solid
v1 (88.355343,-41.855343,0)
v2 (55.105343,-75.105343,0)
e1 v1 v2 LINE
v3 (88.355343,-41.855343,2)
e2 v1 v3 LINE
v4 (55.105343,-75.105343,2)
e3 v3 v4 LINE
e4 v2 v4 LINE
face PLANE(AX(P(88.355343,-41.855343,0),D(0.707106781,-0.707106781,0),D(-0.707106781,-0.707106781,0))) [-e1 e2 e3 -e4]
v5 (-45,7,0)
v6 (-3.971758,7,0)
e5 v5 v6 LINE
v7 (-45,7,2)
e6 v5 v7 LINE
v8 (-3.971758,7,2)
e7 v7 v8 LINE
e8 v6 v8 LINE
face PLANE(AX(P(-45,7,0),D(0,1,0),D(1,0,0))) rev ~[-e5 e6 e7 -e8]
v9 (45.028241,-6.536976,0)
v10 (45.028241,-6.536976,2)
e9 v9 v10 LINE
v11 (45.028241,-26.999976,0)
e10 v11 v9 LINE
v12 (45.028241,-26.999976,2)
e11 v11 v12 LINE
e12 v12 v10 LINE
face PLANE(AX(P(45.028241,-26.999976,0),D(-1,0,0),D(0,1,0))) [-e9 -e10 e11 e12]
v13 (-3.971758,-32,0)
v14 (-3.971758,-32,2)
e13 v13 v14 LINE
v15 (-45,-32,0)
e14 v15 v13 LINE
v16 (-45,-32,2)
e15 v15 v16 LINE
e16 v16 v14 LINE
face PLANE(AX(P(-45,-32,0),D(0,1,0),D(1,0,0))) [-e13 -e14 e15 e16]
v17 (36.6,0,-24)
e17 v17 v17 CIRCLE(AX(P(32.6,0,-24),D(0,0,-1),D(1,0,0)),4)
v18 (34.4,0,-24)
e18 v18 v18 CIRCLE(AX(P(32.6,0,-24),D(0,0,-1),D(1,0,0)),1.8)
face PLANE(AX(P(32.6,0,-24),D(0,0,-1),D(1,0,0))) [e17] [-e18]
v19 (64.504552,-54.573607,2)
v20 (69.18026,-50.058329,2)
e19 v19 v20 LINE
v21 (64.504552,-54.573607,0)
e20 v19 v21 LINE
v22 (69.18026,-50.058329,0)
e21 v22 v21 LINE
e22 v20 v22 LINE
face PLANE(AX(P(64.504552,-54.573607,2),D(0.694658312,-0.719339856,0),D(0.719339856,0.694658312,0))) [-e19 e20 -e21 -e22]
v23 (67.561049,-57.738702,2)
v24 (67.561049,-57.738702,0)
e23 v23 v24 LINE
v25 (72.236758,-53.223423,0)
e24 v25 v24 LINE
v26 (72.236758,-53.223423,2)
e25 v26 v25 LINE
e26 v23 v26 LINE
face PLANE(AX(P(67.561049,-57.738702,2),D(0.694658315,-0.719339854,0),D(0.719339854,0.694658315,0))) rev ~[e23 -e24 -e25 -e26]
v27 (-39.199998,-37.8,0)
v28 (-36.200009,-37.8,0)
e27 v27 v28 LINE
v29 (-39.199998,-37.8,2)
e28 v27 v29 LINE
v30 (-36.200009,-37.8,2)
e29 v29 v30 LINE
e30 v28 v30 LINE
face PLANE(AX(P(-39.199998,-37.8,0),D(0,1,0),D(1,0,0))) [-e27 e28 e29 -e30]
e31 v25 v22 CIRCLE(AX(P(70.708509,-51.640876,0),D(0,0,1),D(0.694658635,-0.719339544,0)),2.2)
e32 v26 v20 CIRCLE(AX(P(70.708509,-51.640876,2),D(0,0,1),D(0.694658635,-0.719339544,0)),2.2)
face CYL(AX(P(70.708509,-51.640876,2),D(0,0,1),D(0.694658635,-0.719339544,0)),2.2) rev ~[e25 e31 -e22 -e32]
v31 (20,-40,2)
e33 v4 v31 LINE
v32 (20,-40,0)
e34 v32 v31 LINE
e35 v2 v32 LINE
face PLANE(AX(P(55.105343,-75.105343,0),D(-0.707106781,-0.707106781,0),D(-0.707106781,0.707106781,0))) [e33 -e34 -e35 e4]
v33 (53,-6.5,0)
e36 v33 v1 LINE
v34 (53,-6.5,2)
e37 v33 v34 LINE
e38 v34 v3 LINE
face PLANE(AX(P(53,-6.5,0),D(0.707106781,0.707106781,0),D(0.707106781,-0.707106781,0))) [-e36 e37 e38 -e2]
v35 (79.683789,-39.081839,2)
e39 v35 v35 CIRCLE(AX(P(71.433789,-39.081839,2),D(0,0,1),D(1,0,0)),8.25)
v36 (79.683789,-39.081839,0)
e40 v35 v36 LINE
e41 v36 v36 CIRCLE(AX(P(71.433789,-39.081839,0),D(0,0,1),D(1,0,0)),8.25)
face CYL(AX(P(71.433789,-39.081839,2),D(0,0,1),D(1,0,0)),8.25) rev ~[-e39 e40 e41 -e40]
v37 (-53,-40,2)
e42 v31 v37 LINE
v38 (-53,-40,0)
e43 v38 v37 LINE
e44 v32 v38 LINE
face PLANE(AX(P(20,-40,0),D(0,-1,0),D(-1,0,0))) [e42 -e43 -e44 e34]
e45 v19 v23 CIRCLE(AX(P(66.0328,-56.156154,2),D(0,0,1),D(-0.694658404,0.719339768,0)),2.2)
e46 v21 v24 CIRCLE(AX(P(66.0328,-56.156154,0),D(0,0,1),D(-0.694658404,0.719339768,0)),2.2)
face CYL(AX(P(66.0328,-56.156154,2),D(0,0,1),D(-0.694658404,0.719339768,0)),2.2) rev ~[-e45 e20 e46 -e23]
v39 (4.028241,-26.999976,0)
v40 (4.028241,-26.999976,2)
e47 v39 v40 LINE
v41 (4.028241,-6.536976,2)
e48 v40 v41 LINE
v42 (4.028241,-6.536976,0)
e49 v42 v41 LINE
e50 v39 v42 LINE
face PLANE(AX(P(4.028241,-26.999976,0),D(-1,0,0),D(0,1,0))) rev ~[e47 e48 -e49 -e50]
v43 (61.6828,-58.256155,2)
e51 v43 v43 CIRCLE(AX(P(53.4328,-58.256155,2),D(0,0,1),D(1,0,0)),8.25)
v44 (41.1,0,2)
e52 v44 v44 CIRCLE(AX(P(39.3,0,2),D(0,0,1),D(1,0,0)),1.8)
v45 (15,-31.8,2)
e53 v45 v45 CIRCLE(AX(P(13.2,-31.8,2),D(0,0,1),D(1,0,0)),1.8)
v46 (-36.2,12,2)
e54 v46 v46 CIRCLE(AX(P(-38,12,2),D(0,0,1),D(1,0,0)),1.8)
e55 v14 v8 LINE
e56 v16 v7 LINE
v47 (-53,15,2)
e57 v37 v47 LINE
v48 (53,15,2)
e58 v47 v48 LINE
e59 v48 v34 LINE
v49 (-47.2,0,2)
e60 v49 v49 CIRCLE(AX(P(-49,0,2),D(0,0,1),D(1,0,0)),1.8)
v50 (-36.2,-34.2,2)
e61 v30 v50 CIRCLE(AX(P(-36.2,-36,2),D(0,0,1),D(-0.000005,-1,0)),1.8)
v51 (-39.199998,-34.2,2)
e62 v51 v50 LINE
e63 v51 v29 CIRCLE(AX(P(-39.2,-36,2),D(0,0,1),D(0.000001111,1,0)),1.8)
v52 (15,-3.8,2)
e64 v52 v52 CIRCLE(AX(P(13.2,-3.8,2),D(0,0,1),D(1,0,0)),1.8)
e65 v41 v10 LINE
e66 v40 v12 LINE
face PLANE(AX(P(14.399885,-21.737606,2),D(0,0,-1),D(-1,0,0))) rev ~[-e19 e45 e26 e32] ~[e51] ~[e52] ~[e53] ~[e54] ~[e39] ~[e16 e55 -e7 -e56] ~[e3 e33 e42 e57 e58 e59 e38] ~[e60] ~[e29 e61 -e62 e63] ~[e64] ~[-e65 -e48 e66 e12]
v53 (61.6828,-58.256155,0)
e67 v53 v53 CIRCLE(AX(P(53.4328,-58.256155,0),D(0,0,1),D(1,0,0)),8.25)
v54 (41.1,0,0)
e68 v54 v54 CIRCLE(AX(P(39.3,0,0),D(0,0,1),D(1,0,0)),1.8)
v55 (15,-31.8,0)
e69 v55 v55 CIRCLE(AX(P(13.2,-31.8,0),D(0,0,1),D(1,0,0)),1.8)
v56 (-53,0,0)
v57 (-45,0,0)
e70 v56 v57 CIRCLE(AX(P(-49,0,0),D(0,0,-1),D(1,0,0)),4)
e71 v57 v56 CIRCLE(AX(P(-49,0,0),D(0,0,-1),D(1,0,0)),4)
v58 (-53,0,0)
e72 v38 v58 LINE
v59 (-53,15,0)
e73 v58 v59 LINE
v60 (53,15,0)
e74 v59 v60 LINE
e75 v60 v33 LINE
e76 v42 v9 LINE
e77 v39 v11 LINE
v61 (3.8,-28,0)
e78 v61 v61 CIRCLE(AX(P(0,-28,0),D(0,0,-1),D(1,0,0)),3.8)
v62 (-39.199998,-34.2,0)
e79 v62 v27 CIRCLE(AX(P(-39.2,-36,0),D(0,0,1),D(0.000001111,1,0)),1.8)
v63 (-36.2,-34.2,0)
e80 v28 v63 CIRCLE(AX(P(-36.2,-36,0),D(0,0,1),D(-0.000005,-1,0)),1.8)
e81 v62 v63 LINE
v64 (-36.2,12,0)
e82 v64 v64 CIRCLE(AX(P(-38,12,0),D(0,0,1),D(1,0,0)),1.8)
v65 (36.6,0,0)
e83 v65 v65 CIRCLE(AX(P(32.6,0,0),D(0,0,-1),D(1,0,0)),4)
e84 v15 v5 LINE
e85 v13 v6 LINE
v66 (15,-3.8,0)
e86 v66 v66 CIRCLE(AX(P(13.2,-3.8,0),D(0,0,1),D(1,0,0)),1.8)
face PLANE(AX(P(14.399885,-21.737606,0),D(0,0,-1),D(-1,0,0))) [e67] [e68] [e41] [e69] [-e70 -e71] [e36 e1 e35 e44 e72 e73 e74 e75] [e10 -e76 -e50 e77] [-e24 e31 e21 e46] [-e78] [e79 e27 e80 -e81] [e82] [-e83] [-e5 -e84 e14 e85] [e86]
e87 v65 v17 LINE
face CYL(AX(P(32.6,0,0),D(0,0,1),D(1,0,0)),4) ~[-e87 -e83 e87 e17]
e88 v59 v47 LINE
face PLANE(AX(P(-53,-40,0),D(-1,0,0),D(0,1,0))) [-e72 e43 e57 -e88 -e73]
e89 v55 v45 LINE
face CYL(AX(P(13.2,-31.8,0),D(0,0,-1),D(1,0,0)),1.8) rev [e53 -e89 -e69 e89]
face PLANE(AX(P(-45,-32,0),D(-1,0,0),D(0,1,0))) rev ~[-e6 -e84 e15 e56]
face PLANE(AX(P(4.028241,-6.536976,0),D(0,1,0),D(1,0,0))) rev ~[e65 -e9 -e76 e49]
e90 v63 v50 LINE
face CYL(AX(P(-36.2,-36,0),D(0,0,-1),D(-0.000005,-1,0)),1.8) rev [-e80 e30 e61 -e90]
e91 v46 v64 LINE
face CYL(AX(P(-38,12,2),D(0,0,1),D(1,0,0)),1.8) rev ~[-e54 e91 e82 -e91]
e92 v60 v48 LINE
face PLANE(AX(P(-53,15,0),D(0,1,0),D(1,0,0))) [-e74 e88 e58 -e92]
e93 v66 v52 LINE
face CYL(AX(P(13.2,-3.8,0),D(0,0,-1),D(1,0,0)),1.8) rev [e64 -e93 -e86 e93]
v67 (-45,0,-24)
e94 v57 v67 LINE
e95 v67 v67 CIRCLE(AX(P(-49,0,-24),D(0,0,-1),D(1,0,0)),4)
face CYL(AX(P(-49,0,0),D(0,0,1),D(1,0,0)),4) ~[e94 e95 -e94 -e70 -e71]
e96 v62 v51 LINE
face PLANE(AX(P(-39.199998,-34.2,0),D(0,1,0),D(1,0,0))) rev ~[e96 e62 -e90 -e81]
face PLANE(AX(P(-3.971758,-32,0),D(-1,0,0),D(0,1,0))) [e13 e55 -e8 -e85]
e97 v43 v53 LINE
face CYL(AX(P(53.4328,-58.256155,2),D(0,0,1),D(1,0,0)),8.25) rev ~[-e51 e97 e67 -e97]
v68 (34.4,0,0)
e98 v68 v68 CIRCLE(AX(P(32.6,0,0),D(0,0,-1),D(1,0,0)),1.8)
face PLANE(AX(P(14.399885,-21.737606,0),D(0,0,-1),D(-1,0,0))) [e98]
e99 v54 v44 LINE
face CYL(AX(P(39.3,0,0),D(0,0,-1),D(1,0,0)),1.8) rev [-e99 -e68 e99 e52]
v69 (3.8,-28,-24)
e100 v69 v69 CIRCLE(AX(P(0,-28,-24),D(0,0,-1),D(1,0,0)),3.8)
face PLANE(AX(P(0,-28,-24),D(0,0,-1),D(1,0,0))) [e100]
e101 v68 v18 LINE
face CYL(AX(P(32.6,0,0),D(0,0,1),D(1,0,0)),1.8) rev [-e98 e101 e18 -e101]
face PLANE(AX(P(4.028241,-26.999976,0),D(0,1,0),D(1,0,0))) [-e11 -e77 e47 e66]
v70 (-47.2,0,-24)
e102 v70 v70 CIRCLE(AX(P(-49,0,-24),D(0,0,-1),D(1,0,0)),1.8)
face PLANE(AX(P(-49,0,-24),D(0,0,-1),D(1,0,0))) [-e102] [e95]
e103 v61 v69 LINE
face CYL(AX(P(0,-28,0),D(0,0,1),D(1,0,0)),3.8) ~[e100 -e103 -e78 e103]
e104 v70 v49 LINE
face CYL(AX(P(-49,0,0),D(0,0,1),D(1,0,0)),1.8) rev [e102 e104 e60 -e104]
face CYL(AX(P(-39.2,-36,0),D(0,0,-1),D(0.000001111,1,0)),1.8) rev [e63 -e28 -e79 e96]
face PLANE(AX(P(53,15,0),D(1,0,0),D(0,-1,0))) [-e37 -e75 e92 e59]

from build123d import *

# Parameters (mm, degrees)
SKETCH_R        = 1.8
SKETCH_W        = 41.028241
SKETCH_H        = 39
SKETCH_W_2      = 41
SKETCH_H_2      = 20.463
PAD_DEPTH       = 2
SKETCH001_R     = 3.8
SKETCH001_R_2   = 4
SKETCH001_R_3   = 1.8
PAD001_DEPTH    = 24
SKETCH002_R     = 8.25
POCKET_DEPTH    = 5
SKETCH003_R     = 1.8
POCKET001_DEPTH = 5


with BuildPart() as part:
    # Sketch → Pad (new body)
    with BuildSketch(Plane.XY):
        Polygon((-53, 15), (53, 15), (53, -6.5), (88.355343, -41.855343), (55.105343, -75.105343), (20, -40), (-53, -40), align=None)
        with Locations((-49, 0)):
            Circle(SKETCH_R, mode=Mode.SUBTRACT)
        with Locations((39.3, 0)):
            Circle(SKETCH_R, mode=Mode.SUBTRACT)
        with Locations((13.2, -31.8)):
            Circle(SKETCH_R, mode=Mode.SUBTRACT)
        with Locations((13.2, -3.8)):
            Circle(SKETCH_R, mode=Mode.SUBTRACT)
        with Locations((-24.485879, -12.5)):
            Rectangle(SKETCH_W, SKETCH_H, mode=Mode.SUBTRACT)
        with Locations((24.528241, -16.768476)):
            Rectangle(SKETCH_W_2, SKETCH_H_2, mode=Mode.SUBTRACT)
        with BuildLine():
            ThreePointArc((-39.199998, -34.2), (-41, -36), (-39.199998, -37.8))
            Line((-39.199998, -37.8), (-36.200009, -37.8))
            ThreePointArc((-36.200009, -37.8), (-34.4, -36.000004), (-36.2, -34.2))
            Line((-39.199998, -34.2), (-36.2, -34.2))
        make_face(mode=Mode.SUBTRACT)
    extrude(amount=PAD_DEPTH)

    # Sketch001 → Pad001 (new body)
    with BuildSketch(Plane(origin=(0, 0, 0), x_dir=(1, 0, 0), z_dir=(0, 0, -1))):
        with Locations((0, 28)):
            Circle(SKETCH001_R)
        with Locations((-49, 0)):
            Circle(SKETCH001_R_2)
        with Locations((-49, 0)):
            Circle(SKETCH001_R_3, mode=Mode.SUBTRACT)
        with Locations((32.6, 0)):
            Circle(SKETCH001_R_2)
        with Locations((32.6, 0)):
            Circle(SKETCH001_R_3, mode=Mode.SUBTRACT)
    extrude(amount=PAD001_DEPTH)

    # Sketch002 → Pocket (cut)
    with BuildSketch(Plane.XY.offset(2)):
        with Locations((53.4328, -58.256155)):
            Circle(SKETCH002_R)
        with Locations((71.433789, -39.081839)):
            Circle(SKETCH002_R)
        with BuildLine():
            ThreePointArc((64.504552, -54.573607), (64.450253, -57.684403), (67.561049, -57.738702))
            Line((67.561049, -57.738702), (72.236758, -53.223423))
            ThreePointArc((72.236758, -53.223423), (72.291056, -50.112627), (69.18026, -50.058329))
            Line((64.504552, -54.573607), (69.18026, -50.058329))
        make_face()
    extrude(amount=-POCKET_DEPTH, mode=Mode.SUBTRACT)

    # Sketch003 → Pocket001 (cut)
    with BuildSketch(Plane.XY.offset(2)):
        with Locations((-38, 12)):
            Circle(SKETCH003_R)
    extrude(amount=-POCKET001_DEPTH, mode=Mode.SUBTRACT)


solid = part.part
